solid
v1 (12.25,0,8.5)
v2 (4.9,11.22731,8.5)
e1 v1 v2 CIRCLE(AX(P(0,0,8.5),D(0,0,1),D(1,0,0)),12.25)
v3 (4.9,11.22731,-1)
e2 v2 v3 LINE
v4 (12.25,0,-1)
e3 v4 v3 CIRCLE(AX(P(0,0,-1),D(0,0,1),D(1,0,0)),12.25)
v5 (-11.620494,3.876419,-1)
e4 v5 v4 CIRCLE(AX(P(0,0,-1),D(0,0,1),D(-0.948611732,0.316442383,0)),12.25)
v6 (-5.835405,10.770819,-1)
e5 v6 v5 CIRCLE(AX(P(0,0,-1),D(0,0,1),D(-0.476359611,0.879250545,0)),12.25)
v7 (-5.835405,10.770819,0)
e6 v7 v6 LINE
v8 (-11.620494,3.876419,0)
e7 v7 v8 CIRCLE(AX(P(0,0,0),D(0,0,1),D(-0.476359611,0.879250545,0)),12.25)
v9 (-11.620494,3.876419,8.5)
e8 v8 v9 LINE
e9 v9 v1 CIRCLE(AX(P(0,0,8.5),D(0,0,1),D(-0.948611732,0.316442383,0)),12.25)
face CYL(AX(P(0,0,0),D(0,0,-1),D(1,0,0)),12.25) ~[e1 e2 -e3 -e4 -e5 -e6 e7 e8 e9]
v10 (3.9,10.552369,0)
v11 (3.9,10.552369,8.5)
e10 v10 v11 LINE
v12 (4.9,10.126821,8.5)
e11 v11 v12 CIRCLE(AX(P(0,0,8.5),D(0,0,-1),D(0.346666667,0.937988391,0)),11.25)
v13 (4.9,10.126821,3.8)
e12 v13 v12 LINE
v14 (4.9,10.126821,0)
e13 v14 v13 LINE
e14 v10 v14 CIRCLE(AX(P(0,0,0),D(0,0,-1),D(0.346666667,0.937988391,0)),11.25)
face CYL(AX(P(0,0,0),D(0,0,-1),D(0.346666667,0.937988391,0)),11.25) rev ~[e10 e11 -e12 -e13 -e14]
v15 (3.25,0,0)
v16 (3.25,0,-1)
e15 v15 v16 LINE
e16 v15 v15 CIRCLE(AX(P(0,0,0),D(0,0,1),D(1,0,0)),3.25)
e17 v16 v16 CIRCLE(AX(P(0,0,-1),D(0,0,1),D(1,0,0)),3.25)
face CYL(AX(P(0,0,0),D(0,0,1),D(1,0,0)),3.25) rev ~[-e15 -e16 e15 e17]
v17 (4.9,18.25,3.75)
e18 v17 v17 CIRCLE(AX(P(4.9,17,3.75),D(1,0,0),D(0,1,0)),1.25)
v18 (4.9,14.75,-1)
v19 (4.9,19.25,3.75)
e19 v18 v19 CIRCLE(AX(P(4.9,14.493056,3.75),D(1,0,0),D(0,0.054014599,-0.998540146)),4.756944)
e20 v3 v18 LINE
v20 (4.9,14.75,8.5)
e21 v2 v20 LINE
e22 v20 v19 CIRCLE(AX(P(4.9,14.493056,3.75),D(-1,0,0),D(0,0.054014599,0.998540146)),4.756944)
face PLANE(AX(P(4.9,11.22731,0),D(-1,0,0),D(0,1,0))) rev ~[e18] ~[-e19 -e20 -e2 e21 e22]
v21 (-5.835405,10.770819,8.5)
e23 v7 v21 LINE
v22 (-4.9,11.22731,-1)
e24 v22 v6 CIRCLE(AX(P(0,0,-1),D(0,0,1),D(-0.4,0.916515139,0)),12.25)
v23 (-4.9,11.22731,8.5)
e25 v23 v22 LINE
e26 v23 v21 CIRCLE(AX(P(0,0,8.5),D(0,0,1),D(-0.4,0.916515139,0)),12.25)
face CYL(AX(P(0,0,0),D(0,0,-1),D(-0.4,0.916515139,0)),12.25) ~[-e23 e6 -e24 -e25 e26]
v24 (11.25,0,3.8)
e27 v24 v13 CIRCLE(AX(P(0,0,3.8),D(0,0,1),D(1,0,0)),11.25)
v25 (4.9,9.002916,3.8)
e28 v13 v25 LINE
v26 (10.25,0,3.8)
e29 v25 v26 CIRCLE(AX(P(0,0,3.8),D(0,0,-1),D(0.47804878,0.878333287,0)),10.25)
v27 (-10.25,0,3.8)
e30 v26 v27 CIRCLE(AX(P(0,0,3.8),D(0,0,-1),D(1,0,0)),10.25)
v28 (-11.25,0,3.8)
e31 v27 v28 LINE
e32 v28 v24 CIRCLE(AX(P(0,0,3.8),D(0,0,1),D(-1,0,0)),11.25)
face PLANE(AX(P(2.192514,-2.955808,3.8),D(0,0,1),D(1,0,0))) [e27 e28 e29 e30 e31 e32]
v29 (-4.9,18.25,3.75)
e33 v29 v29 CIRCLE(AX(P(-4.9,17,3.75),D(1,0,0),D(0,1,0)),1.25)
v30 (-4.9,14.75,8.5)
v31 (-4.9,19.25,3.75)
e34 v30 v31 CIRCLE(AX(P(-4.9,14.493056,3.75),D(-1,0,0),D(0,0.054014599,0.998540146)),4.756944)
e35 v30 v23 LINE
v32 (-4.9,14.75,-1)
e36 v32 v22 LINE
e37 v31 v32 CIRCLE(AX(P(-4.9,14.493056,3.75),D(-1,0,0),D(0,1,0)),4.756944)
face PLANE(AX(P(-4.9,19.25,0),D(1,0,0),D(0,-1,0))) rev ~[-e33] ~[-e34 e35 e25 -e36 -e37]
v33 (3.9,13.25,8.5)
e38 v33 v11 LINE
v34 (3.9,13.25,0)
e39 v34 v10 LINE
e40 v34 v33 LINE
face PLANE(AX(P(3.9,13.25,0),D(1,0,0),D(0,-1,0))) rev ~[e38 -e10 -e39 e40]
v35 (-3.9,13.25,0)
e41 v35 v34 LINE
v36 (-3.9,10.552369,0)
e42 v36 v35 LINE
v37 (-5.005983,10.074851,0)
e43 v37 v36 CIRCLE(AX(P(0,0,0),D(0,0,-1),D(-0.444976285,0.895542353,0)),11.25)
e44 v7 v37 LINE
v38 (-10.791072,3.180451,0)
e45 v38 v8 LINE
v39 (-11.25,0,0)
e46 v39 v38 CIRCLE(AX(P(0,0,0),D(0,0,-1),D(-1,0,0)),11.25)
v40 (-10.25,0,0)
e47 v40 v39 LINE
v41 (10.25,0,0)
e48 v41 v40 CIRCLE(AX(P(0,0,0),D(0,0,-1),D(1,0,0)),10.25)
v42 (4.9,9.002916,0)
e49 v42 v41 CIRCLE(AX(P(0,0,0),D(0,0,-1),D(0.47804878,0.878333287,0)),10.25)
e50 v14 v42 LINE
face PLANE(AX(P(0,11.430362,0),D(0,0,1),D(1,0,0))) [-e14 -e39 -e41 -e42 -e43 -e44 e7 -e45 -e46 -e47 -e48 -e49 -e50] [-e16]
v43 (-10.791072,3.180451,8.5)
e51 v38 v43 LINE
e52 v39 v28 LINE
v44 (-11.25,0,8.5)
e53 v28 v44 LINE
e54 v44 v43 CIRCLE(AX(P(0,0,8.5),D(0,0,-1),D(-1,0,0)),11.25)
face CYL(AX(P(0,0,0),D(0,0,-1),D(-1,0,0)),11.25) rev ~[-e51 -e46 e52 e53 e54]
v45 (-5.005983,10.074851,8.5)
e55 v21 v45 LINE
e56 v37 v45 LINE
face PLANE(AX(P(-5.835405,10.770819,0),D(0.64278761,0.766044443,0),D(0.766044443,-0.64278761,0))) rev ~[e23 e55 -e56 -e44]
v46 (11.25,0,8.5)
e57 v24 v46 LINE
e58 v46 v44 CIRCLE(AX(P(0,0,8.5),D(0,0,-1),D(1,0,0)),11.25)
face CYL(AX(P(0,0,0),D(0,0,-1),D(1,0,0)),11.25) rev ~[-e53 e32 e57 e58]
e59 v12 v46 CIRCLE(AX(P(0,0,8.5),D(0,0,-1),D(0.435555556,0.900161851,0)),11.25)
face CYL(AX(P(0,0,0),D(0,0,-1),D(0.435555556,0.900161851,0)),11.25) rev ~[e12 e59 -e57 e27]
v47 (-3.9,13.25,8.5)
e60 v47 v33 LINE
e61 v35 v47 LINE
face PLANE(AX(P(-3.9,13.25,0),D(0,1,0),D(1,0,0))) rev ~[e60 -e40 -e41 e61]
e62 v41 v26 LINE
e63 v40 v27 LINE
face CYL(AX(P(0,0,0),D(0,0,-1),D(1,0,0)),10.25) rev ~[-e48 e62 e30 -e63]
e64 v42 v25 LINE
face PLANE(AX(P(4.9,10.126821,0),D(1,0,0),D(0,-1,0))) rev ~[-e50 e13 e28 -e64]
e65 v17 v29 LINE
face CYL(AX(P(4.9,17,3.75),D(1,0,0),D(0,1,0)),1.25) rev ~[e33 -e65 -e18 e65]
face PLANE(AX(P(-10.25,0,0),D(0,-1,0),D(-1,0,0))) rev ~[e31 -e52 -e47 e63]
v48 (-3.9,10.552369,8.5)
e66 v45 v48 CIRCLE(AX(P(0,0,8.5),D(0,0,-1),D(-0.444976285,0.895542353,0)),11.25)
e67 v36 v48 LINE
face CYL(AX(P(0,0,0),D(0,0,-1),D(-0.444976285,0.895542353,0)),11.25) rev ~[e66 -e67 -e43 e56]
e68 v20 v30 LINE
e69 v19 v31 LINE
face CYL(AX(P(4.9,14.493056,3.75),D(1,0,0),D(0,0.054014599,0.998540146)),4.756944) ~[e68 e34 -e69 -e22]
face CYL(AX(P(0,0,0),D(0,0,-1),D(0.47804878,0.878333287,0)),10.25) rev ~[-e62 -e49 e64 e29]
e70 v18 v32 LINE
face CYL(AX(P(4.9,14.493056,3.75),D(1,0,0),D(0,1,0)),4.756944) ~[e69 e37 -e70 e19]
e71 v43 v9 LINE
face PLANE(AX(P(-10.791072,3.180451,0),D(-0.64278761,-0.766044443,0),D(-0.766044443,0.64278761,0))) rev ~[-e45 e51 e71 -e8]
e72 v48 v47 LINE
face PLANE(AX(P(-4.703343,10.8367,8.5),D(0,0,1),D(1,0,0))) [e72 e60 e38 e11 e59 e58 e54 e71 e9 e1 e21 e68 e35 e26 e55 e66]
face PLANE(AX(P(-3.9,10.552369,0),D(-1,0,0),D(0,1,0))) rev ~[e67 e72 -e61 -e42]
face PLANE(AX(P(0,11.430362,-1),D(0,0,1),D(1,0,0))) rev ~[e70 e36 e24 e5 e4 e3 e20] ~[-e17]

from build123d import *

# Parameters (mm, degrees)
F0_R     = 3.25
F1_DEPTH = 1
F2_DEPTH = 8.5
F3_DEPTH = 3.8
F4_R     = 1.25
F5_DEPTH = 9.8


with BuildPart() as f1:
    # F0 (on Top) → F1 (new body)
    with BuildSketch(Plane.XY):
        with BuildLine():
            ThreePointArc((-3.9, 10.5523694022), (0, 11.25), (3.9, 10.5523694022))
            Line((3.9, 10.5523694022), (3.9, 11.6126009145))
            ThreePointArc((3.9, 11.6126009145), (0, 12.25), (-3.9, 11.6126009145))
            Line((-3.9, 11.6126009145), (-3.9, 10.5523694022))
        make_face()
        with BuildLine():
            ThreePointArc((-3.9, 11.6126009145), (0, 12.25), (3.9, 11.6126009145))
            Line((3.9, 11.6126009145), (3.9, 13.25))
            Line((3.9, 13.25), (-3.9, 13.25))
            Line((-3.9, 13.25), (-3.9, 11.6126009145))
        make_face()
        with BuildLine():
            ThreePointArc((-5.0059832106, 10.0748514677), (-4.4593878595, 10.3284248518), (-3.9, 10.5523694022))
            Line((-3.9, 10.5523694022), (-3.9, 11.6126009145))
            ThreePointArc((-3.9, 11.6126009145), (-4.4042152746, 11.4308961947), (-4.9, 11.2273104526))
            ThreePointArc((-4.9, 11.2273104526), (-5.3725531584, 11.0090041584), (-5.835405231, 10.7708191791))
            Line((-5.835405231, 10.7708191791), (-5.0059832106, 10.0748514677))
        make_face()
        with BuildLine():
            Line((3.9, 13.25), (3.9, 11.6126009145))
            ThreePointArc((3.9, 11.6126009145), (4.4042152746, 11.4308961947), (4.9, 11.2273104526))
            Line((4.9, 11.2273104526), (4.9, 19.25))
            Line((4.9, 19.25), (-4.9, 19.25))
            Line((-4.9, 19.25), (-4.9, 11.2273104526))
            ThreePointArc((-4.9, 11.2273104526), (-4.4042152746, 11.4308961947), (-3.9, 11.6126009145))
            Line((-3.9, 11.6126009145), (-3.9, 13.25))
            Line((-3.9, 13.25), (3.9, 13.25))
        make_face()
        with BuildLine():
            ThreePointArc((4.9, 10.1268208239), (9.5311987704, 5.9765165439), (11.25, 0))
            ThreePointArc((11.25, 0), (0, -11.25), (-11.25, 0))
            ThreePointArc((-11.25, 0), (-11.1346768386, 1.6066958954), (-10.7910716977, 3.1804514796))
            Line((-10.7910716977, 3.1804514796), (-11.6204937182, 3.8764191911))
            ThreePointArc((-11.6204937182, 3.8764191911), (-1.9636002587, -12.0915993162), (12.25, 0))
            ThreePointArc((12.25, 0), (10.249085325, 6.7096013294), (4.9, 11.2273104526))
            ThreePointArc((4.9, 11.2273104526), (4.4042152746, 11.4308961947), (3.9, 11.6126009145))
            Line((3.9, 11.6126009145), (3.9, 10.5523694022))
            ThreePointArc((3.9, 10.5523694022), (4.4051416434, 10.3516775018), (4.9, 10.1268208239))
        make_face()
        with BuildLine():
            Line((-11.6204937182, 3.8764191911), (-10.7910716977, 3.1804514796))
            ThreePointArc((-10.7910716977, 3.1804514796), (-8.6179999851, 7.231360609), (-5.0059832106, 10.0748514677))
            Line((-5.0059832106, 10.0748514677), (-5.835405231, 10.7708191791))
            ThreePointArc((-5.835405231, 10.7708191791), (-9.3840444282, 7.8741482187), (-11.6204937182, 3.8764191911))
        make_face()
        with BuildLine():
            ThreePointArc((10.25, 0), (8.8115690998, 5.2362916267), (4.9, 9.0029161942))
            ThreePointArc((4.9, 9.0029161942), (-5.2362916267, 8.8115690998), (-10.25, 0))
            ThreePointArc((-10.25, 0), (0, -10.25), (10.25, 0))
        make_face()
        Circle(F0_R, mode=Mode.SUBTRACT)
        with BuildLine():
            Line((4.9, 9.0029161942), (4.9, 10.1268208239))
            ThreePointArc((4.9, 10.1268208239), (4.4051416434, 10.3516775018), (3.9, 10.5523694022))
            ThreePointArc((3.9, 10.5523694022), (0, 11.25), (-3.9, 10.5523694022))
            ThreePointArc((-3.9, 10.5523694022), (-4.4593878595, 10.3284248518), (-5.0059832106, 10.0748514677))
            ThreePointArc((-5.0059832106, 10.0748514677), (-8.6179999851, 7.231360609), (-10.7910716977, 3.1804514796))
            ThreePointArc((-10.7910716977, 3.1804514796), (-11.1346768386, 1.6066958954), (-11.25, 0))
            Line((-11.25, 0), (-10.25, 0))
            ThreePointArc((-10.25, 0), (-5.2362916267, 8.8115690998), (4.9, 9.0029161942))
        make_face()
        with BuildLine():
            ThreePointArc((-11.25, 0), (0, -11.25), (11.25, 0))
            ThreePointArc((11.25, 0), (9.5311987704, 5.9765165439), (4.9, 10.1268208239))
            Line((4.9, 10.1268208239), (4.9, 9.0029161942))
            ThreePointArc((4.9, 9.0029161942), (8.8115690998, 5.2362916267), (10.25, 0))
            ThreePointArc((10.25, 0), (0, -10.25), (-10.25, 0))
            Line((-10.25, 0), (-11.25, 0))
        make_face()
    extrude(amount=-F1_DEPTH)

    # F0 (on Top) → F2 (join)
    with BuildSketch(Plane.XY):
        with BuildLine():
            ThreePointArc((-5.0059832106, 10.0748514677), (-4.4593878595, 10.3284248518), (-3.9, 10.5523694022))
            Line((-3.9, 10.5523694022), (-3.9, 11.6126009145))
            ThreePointArc((-3.9, 11.6126009145), (-4.4042152746, 11.4308961947), (-4.9, 11.2273104526))
            ThreePointArc((-4.9, 11.2273104526), (-5.3725531584, 11.0090041584), (-5.835405231, 10.7708191791))
            Line((-5.835405231, 10.7708191791), (-5.0059832106, 10.0748514677))
        make_face()
        with BuildLine():
            Line((3.9, 13.25), (3.9, 11.6126009145))
            ThreePointArc((3.9, 11.6126009145), (4.4042152746, 11.4308961947), (4.9, 11.2273104526))
            Line((4.9, 11.2273104526), (4.9, 19.25))
            Line((4.9, 19.25), (-4.9, 19.25))
            Line((-4.9, 19.25), (-4.9, 11.2273104526))
            ThreePointArc((-4.9, 11.2273104526), (-4.4042152746, 11.4308961947), (-3.9, 11.6126009145))
            Line((-3.9, 11.6126009145), (-3.9, 13.25))
            Line((-3.9, 13.25), (3.9, 13.25))
        make_face()
        with BuildLine():
            ThreePointArc((4.9, 10.1268208239), (9.5311987704, 5.9765165439), (11.25, 0))
            ThreePointArc((11.25, 0), (0, -11.25), (-11.25, 0))
            ThreePointArc((-11.25, 0), (-11.1346768386, 1.6066958954), (-10.7910716977, 3.1804514796))
            Line((-10.7910716977, 3.1804514796), (-11.6204937182, 3.8764191911))
            ThreePointArc((-11.6204937182, 3.8764191911), (-1.9636002587, -12.0915993162), (12.25, 0))
            ThreePointArc((12.25, 0), (10.249085325, 6.7096013294), (4.9, 11.2273104526))
            ThreePointArc((4.9, 11.2273104526), (4.4042152746, 11.4308961947), (3.9, 11.6126009145))
            Line((3.9, 11.6126009145), (3.9, 10.5523694022))
            ThreePointArc((3.9, 10.5523694022), (4.4051416434, 10.3516775018), (4.9, 10.1268208239))
        make_face()
    extrude(amount=F2_DEPTH)

    # F0 (on Top) → F3 (join)
    with BuildSketch(Plane.XY):
        with BuildLine():
            ThreePointArc((-11.25, 0), (0, -11.25), (11.25, 0))
            ThreePointArc((11.25, 0), (9.5311987704, 5.9765165439), (4.9, 10.1268208239))
            Line((4.9, 10.1268208239), (4.9, 9.0029161942))
            ThreePointArc((4.9, 9.0029161942), (8.8115690998, 5.2362916267), (10.25, 0))
            ThreePointArc((10.25, 0), (0, -10.25), (-10.25, 0))
            Line((-10.25, 0), (-11.25, 0))
        make_face()
    extrude(amount=F3_DEPTH)

    # F4 (on face) → F5 (cut, through all)
    with BuildSketch(Plane.YZ.offset(4.9)):
        with BuildLine():
            ThreePointArc((14.75, 8.5), (17.9463721422, 7.0215630821), (19.25, 3.75))
            Line((19.25, 3.75), (19.25, 8.5))
            Line((19.25, 8.5), (14.75, 8.5))
        make_face()
        with BuildLine():
            ThreePointArc((19.25, 3.75), (17.9463721422, 0.4784369179), (14.75, -1))
            Line((14.75, -1), (19.25, -1))
            Line((19.25, -1), (19.25, 3.75))
        make_face()
        with Locations((17, 3.75)):
            Circle(F4_R)
    extrude(amount=-F5_DEPTH, mode=Mode.SUBTRACT)


solid = f1.part
